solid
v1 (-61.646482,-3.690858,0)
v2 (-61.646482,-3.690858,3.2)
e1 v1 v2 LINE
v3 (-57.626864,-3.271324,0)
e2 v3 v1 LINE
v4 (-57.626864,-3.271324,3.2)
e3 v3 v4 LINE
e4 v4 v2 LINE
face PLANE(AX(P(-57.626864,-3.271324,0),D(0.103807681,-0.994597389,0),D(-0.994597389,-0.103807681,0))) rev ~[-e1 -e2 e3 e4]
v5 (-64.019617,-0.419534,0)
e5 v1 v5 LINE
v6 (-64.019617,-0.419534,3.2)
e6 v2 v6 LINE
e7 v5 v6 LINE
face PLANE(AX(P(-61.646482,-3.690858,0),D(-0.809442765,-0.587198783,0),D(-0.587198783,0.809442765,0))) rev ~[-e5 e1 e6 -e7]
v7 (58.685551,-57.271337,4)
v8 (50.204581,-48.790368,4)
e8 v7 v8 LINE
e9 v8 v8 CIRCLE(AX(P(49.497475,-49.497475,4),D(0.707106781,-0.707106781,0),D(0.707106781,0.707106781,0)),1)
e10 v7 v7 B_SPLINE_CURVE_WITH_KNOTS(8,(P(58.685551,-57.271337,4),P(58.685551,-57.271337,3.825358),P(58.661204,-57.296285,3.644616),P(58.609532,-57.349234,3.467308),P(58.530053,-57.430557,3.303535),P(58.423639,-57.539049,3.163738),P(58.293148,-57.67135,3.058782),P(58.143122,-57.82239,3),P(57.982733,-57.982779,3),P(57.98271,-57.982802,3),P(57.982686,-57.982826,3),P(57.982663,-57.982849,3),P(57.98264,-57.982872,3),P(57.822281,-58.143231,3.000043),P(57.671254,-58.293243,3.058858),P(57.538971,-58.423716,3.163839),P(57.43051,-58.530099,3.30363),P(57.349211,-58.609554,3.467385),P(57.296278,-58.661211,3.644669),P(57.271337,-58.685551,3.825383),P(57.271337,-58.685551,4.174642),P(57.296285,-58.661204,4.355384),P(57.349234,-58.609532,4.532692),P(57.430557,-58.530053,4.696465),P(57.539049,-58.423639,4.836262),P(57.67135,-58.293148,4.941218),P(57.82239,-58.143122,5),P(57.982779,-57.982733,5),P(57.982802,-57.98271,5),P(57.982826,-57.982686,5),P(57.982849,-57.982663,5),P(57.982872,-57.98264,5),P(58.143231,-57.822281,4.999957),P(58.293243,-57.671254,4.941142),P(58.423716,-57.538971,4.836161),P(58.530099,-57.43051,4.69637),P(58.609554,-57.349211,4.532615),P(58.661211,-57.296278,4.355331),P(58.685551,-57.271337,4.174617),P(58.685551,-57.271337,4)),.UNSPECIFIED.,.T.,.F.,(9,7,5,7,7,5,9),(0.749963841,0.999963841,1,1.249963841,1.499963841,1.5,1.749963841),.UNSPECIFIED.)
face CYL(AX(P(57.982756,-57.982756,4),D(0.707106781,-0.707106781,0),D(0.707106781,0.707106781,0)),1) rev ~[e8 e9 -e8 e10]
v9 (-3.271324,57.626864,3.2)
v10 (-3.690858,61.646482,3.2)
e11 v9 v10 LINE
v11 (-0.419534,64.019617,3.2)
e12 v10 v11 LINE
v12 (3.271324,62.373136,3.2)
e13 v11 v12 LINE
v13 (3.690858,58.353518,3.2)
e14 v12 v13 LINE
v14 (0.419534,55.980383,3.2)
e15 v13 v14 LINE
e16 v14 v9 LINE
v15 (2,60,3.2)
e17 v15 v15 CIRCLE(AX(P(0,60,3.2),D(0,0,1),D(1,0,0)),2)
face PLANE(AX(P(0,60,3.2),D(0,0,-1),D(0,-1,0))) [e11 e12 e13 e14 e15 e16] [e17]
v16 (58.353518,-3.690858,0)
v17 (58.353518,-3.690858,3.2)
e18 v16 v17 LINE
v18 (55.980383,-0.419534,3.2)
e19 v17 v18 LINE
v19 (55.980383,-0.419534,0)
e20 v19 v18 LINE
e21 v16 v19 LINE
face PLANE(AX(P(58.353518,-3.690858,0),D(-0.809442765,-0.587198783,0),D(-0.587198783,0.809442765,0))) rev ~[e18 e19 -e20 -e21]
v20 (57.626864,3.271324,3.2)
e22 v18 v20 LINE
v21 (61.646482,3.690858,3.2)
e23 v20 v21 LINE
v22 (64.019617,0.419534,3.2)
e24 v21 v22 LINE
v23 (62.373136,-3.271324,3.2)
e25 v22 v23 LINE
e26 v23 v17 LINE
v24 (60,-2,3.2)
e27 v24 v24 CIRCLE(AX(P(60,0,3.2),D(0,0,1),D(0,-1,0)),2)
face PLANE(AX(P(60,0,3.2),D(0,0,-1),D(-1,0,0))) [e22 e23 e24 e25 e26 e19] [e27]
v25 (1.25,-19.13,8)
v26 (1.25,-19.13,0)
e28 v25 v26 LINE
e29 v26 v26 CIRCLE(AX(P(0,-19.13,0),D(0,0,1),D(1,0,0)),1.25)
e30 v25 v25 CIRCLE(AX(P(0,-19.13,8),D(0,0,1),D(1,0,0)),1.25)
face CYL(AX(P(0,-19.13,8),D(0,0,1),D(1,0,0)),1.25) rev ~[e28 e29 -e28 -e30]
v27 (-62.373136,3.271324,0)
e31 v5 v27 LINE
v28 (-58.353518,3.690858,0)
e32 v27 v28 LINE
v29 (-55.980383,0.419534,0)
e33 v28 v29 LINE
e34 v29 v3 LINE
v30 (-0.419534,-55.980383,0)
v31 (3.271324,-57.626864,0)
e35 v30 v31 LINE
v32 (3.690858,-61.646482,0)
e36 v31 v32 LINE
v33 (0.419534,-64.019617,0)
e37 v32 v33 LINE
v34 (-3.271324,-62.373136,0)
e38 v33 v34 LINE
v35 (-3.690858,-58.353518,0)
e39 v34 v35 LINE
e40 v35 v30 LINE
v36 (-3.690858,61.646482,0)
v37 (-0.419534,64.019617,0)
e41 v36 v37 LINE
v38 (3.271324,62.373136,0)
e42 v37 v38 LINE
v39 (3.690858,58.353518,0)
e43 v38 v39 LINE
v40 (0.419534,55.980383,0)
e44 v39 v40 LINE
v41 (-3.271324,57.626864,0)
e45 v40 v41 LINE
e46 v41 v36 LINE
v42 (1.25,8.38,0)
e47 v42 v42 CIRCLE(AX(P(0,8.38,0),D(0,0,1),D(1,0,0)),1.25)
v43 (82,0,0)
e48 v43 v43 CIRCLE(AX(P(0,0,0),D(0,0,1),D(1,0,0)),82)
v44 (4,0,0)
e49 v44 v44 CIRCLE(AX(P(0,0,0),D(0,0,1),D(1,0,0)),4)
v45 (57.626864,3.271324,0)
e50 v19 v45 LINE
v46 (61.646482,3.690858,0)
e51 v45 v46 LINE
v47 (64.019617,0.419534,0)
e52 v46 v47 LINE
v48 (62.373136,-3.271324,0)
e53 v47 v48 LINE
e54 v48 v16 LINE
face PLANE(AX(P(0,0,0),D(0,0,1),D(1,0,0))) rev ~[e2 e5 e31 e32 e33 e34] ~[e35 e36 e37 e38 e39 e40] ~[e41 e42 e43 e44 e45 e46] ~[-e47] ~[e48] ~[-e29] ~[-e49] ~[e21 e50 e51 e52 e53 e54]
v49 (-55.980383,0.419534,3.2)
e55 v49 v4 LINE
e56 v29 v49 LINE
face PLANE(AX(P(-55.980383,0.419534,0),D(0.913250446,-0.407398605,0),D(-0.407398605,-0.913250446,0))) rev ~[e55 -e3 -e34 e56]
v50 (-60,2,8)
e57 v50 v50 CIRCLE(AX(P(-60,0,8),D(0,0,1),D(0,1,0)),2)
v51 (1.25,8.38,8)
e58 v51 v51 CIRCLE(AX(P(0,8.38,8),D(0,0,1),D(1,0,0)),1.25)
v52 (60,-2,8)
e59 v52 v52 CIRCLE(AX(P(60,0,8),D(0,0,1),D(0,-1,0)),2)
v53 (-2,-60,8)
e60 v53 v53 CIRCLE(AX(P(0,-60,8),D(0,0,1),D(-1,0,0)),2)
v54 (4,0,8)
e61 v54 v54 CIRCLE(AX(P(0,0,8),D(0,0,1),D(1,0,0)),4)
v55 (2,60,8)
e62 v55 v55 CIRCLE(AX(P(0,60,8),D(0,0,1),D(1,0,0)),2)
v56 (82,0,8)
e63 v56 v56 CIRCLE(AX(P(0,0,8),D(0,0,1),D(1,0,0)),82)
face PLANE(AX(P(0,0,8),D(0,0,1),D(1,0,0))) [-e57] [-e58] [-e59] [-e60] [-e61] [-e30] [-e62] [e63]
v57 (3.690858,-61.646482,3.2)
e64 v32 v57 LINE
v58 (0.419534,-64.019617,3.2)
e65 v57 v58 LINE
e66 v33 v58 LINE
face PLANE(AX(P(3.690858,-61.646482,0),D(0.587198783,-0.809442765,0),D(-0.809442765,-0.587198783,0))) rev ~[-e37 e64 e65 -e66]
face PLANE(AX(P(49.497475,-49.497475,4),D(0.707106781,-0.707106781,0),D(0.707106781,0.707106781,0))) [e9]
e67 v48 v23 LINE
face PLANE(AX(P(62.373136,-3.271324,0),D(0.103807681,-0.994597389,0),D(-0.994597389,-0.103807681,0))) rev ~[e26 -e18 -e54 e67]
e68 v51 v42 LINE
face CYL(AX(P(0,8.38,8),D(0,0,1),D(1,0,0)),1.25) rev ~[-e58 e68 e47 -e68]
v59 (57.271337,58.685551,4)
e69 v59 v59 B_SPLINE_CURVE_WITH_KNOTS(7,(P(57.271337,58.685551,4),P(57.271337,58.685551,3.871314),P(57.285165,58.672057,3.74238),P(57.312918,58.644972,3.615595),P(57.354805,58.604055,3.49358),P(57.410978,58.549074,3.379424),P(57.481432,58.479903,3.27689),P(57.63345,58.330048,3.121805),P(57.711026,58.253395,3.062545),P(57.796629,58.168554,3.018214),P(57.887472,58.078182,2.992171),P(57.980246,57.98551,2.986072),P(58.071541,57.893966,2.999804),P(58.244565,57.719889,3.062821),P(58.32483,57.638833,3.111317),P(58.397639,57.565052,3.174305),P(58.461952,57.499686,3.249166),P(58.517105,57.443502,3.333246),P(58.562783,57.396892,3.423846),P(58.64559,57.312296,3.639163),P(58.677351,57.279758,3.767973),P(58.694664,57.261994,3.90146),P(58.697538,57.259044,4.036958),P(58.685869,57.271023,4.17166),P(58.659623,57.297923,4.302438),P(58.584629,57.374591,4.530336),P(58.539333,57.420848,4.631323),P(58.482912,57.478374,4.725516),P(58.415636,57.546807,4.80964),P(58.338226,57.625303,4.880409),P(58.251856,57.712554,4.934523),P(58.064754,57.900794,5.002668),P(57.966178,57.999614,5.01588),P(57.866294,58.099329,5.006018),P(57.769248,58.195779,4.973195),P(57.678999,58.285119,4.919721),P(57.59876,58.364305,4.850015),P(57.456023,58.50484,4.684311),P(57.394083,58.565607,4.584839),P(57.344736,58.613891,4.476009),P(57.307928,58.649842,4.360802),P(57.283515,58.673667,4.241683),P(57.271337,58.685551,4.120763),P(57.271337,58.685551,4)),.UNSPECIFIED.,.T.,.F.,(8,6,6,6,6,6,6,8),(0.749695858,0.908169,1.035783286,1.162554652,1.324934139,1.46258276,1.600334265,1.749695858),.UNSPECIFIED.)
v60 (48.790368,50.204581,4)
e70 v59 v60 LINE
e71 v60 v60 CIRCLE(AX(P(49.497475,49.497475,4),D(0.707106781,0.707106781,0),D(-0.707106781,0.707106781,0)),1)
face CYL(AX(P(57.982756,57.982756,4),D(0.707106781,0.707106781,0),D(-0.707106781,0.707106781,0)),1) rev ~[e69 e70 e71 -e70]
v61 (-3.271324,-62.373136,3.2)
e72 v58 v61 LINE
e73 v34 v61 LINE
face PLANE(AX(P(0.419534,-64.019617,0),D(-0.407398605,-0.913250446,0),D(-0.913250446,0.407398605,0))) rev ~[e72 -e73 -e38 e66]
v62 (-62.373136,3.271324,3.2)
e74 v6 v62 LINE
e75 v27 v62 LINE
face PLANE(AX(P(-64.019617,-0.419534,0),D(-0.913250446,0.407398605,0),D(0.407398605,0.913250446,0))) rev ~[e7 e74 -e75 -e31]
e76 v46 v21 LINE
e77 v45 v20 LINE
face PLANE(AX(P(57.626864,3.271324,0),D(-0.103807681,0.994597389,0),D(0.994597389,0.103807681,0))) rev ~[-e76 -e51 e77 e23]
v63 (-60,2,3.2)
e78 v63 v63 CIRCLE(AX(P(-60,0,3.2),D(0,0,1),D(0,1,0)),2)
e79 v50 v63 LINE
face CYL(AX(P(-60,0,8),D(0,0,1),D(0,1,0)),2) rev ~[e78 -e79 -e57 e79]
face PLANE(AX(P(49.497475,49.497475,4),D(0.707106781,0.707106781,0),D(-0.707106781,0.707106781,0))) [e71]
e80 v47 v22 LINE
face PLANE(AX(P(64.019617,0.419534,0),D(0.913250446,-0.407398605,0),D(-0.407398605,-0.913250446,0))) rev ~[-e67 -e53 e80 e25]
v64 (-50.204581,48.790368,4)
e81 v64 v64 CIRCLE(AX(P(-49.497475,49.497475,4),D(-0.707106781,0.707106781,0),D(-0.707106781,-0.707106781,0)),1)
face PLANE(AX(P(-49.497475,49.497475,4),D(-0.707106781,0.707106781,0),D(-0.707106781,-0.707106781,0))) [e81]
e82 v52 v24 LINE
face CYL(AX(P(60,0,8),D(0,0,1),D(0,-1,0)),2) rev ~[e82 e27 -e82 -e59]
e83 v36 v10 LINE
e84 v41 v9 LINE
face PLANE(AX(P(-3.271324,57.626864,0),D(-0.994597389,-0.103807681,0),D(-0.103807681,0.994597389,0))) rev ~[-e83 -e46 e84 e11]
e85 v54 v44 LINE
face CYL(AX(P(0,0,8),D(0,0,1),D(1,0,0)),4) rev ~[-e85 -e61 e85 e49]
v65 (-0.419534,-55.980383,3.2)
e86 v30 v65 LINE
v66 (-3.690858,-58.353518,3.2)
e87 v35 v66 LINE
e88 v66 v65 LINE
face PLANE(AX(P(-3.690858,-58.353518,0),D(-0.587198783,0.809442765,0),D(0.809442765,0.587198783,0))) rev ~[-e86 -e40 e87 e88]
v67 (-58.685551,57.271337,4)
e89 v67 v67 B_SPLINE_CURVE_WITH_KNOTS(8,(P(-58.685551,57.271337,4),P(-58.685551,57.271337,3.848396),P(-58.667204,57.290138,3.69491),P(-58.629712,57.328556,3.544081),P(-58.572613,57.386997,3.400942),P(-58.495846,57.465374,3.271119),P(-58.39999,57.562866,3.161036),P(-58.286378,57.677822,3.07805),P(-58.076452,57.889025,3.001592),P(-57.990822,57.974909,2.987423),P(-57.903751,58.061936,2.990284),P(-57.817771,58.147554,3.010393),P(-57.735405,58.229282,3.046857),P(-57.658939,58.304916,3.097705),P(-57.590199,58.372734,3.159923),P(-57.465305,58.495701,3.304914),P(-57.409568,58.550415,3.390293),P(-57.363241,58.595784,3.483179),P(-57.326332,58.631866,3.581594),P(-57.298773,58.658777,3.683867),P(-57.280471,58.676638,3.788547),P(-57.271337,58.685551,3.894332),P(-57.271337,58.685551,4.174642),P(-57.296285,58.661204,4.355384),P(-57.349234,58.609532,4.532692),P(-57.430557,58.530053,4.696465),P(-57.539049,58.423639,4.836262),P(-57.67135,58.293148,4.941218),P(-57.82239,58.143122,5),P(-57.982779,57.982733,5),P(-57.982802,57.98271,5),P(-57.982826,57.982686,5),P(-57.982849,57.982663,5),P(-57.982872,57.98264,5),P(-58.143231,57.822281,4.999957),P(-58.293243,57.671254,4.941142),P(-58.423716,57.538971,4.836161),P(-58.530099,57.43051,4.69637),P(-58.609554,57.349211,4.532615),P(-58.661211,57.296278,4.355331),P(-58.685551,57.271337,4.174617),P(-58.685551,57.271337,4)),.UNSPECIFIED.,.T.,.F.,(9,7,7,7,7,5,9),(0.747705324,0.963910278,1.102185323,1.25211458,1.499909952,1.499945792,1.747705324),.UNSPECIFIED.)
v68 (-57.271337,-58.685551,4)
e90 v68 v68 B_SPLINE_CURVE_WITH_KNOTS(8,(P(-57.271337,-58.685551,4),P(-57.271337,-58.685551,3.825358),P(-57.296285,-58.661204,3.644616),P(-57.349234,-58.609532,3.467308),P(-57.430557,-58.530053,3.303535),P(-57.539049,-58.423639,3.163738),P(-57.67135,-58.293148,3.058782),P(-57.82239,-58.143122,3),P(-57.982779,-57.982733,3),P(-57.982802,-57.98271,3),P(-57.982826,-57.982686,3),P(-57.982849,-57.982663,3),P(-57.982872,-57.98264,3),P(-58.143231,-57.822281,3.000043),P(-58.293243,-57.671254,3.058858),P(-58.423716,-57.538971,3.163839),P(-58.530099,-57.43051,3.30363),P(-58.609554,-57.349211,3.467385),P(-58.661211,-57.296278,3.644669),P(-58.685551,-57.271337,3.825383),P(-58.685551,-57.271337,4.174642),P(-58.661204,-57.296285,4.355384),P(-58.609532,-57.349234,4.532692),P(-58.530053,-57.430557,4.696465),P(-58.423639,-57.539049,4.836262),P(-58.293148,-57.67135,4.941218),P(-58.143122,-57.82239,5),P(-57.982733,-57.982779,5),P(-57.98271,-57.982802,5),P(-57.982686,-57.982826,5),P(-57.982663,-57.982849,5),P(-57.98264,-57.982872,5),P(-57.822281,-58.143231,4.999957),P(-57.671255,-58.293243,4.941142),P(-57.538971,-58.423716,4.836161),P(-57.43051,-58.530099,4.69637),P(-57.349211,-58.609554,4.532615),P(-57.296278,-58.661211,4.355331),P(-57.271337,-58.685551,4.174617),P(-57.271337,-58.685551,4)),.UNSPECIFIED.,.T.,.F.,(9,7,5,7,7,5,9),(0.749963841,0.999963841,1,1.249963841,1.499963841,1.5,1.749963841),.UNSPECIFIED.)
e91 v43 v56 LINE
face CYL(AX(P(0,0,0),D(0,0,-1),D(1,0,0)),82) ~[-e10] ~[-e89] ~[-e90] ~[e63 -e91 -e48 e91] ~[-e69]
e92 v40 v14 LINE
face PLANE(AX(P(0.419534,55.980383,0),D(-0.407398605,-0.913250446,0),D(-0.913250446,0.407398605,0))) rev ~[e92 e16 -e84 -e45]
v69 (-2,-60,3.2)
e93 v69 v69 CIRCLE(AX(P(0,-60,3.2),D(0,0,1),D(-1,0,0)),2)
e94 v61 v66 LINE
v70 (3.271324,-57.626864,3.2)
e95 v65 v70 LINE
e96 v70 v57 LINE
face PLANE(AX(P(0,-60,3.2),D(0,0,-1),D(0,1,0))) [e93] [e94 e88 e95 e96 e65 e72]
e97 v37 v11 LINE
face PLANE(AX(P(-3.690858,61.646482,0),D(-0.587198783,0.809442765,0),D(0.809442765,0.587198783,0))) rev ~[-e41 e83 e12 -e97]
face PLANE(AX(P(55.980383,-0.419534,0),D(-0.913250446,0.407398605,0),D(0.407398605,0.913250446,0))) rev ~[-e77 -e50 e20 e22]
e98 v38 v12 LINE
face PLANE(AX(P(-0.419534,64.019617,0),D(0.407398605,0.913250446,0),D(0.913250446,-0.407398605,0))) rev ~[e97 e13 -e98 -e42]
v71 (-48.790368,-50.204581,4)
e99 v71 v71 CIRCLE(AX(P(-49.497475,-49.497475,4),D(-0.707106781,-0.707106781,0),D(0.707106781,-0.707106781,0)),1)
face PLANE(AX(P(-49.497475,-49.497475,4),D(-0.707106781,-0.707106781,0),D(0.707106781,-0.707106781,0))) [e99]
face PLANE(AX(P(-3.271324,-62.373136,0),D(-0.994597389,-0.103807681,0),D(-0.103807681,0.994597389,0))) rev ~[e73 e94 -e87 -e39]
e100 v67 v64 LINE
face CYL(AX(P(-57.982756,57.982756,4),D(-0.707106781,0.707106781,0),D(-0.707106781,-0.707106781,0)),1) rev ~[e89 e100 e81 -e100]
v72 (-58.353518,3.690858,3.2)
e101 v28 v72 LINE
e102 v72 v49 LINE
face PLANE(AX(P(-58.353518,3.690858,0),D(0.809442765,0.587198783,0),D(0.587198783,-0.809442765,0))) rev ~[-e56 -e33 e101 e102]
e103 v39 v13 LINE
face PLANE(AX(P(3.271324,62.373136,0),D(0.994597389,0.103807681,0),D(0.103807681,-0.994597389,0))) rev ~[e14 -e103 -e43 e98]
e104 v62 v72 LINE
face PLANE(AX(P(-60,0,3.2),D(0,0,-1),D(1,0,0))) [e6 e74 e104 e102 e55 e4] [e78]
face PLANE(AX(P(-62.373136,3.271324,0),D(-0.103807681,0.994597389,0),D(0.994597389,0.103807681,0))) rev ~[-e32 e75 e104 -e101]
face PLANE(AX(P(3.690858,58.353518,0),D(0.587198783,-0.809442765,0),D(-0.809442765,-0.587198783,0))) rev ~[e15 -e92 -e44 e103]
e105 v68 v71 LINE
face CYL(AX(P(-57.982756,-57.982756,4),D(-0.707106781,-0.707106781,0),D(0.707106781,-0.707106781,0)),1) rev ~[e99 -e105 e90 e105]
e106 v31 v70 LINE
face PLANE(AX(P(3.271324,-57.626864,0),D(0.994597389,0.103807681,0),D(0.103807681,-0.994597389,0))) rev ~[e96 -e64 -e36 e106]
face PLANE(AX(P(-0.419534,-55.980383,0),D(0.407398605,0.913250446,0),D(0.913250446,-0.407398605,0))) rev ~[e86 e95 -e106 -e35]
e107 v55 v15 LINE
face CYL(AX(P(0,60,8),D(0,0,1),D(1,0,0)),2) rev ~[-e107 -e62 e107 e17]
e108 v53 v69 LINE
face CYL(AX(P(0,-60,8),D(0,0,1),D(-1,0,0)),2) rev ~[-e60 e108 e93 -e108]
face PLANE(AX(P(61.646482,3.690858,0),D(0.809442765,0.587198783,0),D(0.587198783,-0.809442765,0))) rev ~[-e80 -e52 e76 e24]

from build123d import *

# Parameters (mm, degrees)
SKETCH1_R           = 82
BOSS_EXTRUDE1_DEPTH = 8
SKETCH2_R           = 2
CUT_EXTRUDE1_DEPTH  = 8
CIRPATTERN1_COUNT   = 4
SKETCH3_R           = 4
SKETCH3_R_2         = 1.25
CUT_EXTRUDE2_DEPTH  = 10
CUT_EXTRUDE3_DEPTH  = 3.2
SKETCH5_R           = 1
CUT_EXTRUDE4_DEPTH  = 12
CIRPATTERN2_COUNT   = 4
CIRPATTERN3_COUNT   = 4


with BuildPart() as part:
    # Sketch1 → Boss-Extrude1 (new body)
    with BuildSketch(Plane.XY):
        Circle(SKETCH1_R)
    extrude(amount=BOSS_EXTRUDE1_DEPTH)

    # Sketch2 → Cut-Extrude1 (cut)
    with BuildSketch(Plane.XY.offset(8)):
        with Locations((0, 60)):
            Circle(SKETCH2_R)
    cut_extrude1 = extrude(amount=-CUT_EXTRUDE1_DEPTH, mode=Mode.SUBTRACT)

    # CirPattern1: Cut-Extrude1 ×4 about axis
    cirpattern1_axis = Axis((0, 0, 0), (0, 0, 1))
    for i in range(1, CIRPATTERN1_COUNT):
        add(cut_extrude1.rotate(cirpattern1_axis, i * 360 / CIRPATTERN1_COUNT), mode=Mode.SUBTRACT)

    # Sketch3 → Cut-Extrude2 (cut)
    with BuildSketch(Plane.XY.offset(8)):
        Circle(SKETCH3_R)
        with Locations((0, 8.38)):
            Circle(SKETCH3_R_2)
        with Locations((0, -19.13)):
            Circle(SKETCH3_R_2)
    extrude(amount=-CUT_EXTRUDE2_DEPTH, mode=Mode.SUBTRACT)

    # Sketch4 → Cut-Extrude3 (cut)
    with BuildSketch(Plane(origin=(0, 0, 0), x_dir=(-1, 0, 0), z_dir=(0, 0, -1))):
        Polygon((-162.322467781, -20.961900653), (-166.013325515, -22.608382515), (-166.432859263, -26.628000005), (-163.161535277, -29.001135634), (-159.470677543, -27.354653772), (-159.051143795, -23.335036282), align=None)
        Polygon((-64.01961749, 0.419533748), (-62.373135629, -3.271323986), (-58.353518138, -3.690857734), (-55.98038251, -0.419533748), (-57.626864371, 3.271323986), (-61.646481862, 3.690857734), align=None)
        Polygon((-183.703902182, 77.340949637), (-185.350384043, 81.031807371), (-189.370001534, 81.451341119), (-191.743137162, 78.180017133), (-190.0966553, 74.489159399), (-186.07703781, 74.069625651), align=None)
        Polygon((-85.401051891, 98.722384038), (-81.710194157, 100.3688659), (-81.290660409, 104.38848339), (-84.561984395, 106.761619019), (-88.252842129, 105.115137157), (-88.672375877, 101.095519667), align=None)
    cut_extrude3 = extrude(amount=-CUT_EXTRUDE3_DEPTH, mode=Mode.SUBTRACT)

    # Sketch5 → Cut-Extrude4 (cut)
    with BuildSketch(Plane(origin=(-57.982756057, 57.982756057, 0), x_dir=(0.7071067811865477, 0.7071067811865475, 0), z_dir=(-0.7071067811865475, 0.7071067811865477, 0))):
        with Locations(Location((0, -4, 0), (0, 0, 180))):
            Circle(SKETCH5_R)
    cut_extrude4 = extrude(amount=-CUT_EXTRUDE4_DEPTH, mode=Mode.SUBTRACT)

    # CirPattern2: Cut-Extrude4 ×4 about axis
    cirpattern2_axis = Axis((0, 0, 0), (0, 0, 1))
    for i in range(1, CIRPATTERN2_COUNT):
        add(cut_extrude4.rotate(cirpattern2_axis, i * 360 / CIRPATTERN2_COUNT), mode=Mode.SUBTRACT)

    # CirPattern3: Cut-Extrude3 ×4 about axis
    cirpattern3_axis = Axis((0, 0, 0), (0, 0, 1))
    for i in range(1, CIRPATTERN3_COUNT):
        add(cut_extrude3.rotate(cirpattern3_axis, i * 360 / CIRPATTERN3_COUNT), mode=Mode.SUBTRACT)


solid = part.part
